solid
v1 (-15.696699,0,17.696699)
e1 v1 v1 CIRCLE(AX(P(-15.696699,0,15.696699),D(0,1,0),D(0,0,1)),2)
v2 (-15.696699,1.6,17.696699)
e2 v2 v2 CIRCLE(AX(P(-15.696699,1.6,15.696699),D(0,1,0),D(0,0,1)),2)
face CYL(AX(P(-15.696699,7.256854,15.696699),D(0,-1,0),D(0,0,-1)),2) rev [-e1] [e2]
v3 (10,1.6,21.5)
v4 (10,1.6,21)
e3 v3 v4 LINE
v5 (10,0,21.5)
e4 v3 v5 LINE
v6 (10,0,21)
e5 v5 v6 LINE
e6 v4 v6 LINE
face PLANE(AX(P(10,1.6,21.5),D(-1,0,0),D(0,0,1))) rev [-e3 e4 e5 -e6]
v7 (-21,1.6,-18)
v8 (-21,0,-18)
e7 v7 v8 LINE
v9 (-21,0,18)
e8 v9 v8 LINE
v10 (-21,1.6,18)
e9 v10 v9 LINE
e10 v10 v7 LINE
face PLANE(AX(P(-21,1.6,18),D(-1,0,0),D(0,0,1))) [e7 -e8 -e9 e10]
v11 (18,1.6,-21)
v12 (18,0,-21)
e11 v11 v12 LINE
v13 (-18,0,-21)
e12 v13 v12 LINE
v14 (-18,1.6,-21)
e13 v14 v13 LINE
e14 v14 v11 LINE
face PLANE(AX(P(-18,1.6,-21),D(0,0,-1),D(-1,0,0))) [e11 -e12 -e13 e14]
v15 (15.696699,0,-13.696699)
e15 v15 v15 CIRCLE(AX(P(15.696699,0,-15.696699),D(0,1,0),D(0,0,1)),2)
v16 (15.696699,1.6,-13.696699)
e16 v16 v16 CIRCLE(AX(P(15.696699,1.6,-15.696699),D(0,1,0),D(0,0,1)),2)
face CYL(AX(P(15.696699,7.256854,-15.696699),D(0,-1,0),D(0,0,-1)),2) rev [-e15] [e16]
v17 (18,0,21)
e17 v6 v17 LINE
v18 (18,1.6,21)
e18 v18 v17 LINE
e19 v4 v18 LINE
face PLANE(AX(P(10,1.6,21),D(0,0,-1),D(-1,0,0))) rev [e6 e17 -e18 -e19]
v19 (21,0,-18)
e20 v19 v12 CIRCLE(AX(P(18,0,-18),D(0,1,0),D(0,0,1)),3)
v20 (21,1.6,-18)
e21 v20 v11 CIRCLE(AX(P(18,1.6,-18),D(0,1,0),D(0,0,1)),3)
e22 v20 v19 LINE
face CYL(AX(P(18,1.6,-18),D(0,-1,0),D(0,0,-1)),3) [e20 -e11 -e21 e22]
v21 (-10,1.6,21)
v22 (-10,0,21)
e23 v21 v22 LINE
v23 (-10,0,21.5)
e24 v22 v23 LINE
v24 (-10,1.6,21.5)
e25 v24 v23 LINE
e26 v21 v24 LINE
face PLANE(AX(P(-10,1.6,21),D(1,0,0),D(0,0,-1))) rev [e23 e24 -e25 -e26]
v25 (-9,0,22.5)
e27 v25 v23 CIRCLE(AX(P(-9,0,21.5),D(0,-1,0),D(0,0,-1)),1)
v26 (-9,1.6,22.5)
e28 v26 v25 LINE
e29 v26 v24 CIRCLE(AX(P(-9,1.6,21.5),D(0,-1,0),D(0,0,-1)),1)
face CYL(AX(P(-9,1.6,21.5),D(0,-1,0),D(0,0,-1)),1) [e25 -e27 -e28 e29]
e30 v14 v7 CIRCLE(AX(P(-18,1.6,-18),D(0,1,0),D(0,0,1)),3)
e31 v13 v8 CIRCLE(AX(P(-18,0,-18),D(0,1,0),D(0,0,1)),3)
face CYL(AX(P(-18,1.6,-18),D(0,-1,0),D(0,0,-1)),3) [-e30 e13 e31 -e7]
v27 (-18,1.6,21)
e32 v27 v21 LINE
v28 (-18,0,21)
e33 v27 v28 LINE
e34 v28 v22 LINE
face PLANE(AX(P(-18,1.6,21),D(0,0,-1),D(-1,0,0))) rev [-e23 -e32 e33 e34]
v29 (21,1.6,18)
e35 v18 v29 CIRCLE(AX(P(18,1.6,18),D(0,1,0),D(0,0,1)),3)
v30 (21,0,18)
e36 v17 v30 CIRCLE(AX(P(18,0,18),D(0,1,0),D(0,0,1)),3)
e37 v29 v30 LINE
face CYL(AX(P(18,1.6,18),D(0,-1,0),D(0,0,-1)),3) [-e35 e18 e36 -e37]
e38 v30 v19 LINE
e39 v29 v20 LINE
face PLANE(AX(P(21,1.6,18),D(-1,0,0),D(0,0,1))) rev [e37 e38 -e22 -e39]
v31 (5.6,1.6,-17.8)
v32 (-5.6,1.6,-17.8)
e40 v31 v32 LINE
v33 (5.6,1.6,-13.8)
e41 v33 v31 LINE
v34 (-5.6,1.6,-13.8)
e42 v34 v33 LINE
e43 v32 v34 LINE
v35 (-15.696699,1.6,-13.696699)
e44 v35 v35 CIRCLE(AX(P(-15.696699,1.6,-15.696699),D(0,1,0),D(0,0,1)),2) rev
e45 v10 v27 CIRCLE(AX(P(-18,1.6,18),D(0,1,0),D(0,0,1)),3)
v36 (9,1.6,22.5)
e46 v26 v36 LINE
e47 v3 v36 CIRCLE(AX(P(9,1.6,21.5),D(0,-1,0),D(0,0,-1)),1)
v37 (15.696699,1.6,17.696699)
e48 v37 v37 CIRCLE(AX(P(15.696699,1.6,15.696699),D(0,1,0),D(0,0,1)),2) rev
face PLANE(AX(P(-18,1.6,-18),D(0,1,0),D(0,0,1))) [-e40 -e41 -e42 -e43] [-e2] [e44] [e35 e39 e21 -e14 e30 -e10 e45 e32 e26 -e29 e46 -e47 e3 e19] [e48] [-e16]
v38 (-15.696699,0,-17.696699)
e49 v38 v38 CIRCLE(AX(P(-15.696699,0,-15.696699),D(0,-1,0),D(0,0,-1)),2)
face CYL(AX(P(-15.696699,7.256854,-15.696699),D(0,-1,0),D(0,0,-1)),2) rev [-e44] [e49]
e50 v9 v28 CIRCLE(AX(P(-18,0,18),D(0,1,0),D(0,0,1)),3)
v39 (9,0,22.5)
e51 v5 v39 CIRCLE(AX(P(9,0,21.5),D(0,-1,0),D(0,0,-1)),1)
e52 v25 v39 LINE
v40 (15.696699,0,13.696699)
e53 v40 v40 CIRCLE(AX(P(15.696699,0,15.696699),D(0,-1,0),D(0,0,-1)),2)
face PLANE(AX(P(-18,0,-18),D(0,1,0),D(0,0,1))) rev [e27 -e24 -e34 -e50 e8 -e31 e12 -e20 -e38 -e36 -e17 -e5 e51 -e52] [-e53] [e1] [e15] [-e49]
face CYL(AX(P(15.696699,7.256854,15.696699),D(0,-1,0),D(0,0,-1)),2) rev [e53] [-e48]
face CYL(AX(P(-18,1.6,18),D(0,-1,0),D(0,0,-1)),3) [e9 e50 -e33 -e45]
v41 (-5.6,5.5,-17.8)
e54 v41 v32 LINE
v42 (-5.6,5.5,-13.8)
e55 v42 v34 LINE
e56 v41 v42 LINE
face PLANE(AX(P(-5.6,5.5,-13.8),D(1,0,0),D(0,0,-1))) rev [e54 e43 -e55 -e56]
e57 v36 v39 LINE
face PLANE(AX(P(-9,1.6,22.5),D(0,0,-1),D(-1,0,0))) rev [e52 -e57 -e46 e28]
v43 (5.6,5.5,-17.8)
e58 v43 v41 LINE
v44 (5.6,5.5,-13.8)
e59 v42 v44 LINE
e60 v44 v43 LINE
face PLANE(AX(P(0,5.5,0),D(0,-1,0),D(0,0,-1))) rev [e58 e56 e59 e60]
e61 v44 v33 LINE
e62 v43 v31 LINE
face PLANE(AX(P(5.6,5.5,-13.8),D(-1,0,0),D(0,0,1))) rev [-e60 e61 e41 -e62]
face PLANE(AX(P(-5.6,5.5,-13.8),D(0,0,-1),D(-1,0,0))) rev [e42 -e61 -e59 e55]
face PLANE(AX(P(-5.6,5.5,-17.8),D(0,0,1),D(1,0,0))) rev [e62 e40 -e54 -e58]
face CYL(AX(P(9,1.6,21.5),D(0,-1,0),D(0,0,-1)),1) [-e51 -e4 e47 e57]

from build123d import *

# Parameters (mm, degrees)
DODANIE_WYCI_GNI_CIE1_DEPTH = 1.6
SZKIC2_3_R                  = 2
WYTNIJ_WYCI_GNI_CIE1_DEPTH  = 1.6
SZKIC3_W                    = 11.2
SZKIC3_H                    = 4
DODANIE_WYCI_GNI_CIE2_DEPTH = 3.9


with BuildPart() as part:
    # Szkic2 → Dodanie-wyci_gni_cie1 (new body)
    with BuildSketch(Plane(origin=(0, 0, 0), x_dir=(1, 0, 0), z_dir=(0, 1, 0))):
        with BuildLine():
            Line((-10, -21), (-10, -21.5))
            ThreePointArc((-10, -21.5), (-9.707106781, -22.207106781), (-9, -22.5))
            Line((-9, -22.5), (9, -22.5))
            ThreePointArc((9, -22.5), (9.707106781, -22.207106781), (10, -21.5))
            Line((10, -21.5), (10, -21))
            Line((10, -21), (18, -21))
            ThreePointArc((18, -21), (20.121320344, -20.121320344), (21, -18))
            Line((21, -18), (21, 18))
            ThreePointArc((21, 18), (20.121320344, 20.121320344), (18, 21))
            Line((18, 21), (-18, 21))
            ThreePointArc((-18, 21), (-20.121320344, 20.121320344), (-21, 18))
            Line((-21, 18), (-21, -18))
            ThreePointArc((-21, -18), (-20.121320344, -20.121320344), (-18, -21))
            Line((-18, -21), (-10, -21))
        make_face()
    extrude(amount=DODANIE_WYCI_GNI_CIE1_DEPTH)

    # Szkic2_3 → Wytnij-wyci_gni_cie1 (cut)
    with BuildSketch(Plane(origin=(0, 0, 0), x_dir=(1, 0, 0), z_dir=(0, 1, 0))):
        with Locations((15.696699141, 15.696699141)):
            Circle(SZKIC2_3_R)
        with Locations((-15.696699141, 15.696699141)):
            Circle(SZKIC2_3_R)
        with Locations((15.696699141, -15.696699141)):
            Circle(SZKIC2_3_R)
        with Locations((-15.696699141, -15.696699141)):
            Circle(SZKIC2_3_R)
    extrude(amount=WYTNIJ_WYCI_GNI_CIE1_DEPTH, mode=Mode.SUBTRACT)

    # Szkic3 → Dodanie-wyci_gni_cie2 (add)
    with BuildSketch(Plane(origin=(0, 1.6, 0), x_dir=(1, 0, 0), z_dir=(0, 1, 0))):
        with Locations((0, 15.8)):
            Rectangle(SZKIC3_W, SZKIC3_H)
    extrude(amount=DODANIE_WYCI_GNI_CIE2_DEPTH)


solid = part.part
